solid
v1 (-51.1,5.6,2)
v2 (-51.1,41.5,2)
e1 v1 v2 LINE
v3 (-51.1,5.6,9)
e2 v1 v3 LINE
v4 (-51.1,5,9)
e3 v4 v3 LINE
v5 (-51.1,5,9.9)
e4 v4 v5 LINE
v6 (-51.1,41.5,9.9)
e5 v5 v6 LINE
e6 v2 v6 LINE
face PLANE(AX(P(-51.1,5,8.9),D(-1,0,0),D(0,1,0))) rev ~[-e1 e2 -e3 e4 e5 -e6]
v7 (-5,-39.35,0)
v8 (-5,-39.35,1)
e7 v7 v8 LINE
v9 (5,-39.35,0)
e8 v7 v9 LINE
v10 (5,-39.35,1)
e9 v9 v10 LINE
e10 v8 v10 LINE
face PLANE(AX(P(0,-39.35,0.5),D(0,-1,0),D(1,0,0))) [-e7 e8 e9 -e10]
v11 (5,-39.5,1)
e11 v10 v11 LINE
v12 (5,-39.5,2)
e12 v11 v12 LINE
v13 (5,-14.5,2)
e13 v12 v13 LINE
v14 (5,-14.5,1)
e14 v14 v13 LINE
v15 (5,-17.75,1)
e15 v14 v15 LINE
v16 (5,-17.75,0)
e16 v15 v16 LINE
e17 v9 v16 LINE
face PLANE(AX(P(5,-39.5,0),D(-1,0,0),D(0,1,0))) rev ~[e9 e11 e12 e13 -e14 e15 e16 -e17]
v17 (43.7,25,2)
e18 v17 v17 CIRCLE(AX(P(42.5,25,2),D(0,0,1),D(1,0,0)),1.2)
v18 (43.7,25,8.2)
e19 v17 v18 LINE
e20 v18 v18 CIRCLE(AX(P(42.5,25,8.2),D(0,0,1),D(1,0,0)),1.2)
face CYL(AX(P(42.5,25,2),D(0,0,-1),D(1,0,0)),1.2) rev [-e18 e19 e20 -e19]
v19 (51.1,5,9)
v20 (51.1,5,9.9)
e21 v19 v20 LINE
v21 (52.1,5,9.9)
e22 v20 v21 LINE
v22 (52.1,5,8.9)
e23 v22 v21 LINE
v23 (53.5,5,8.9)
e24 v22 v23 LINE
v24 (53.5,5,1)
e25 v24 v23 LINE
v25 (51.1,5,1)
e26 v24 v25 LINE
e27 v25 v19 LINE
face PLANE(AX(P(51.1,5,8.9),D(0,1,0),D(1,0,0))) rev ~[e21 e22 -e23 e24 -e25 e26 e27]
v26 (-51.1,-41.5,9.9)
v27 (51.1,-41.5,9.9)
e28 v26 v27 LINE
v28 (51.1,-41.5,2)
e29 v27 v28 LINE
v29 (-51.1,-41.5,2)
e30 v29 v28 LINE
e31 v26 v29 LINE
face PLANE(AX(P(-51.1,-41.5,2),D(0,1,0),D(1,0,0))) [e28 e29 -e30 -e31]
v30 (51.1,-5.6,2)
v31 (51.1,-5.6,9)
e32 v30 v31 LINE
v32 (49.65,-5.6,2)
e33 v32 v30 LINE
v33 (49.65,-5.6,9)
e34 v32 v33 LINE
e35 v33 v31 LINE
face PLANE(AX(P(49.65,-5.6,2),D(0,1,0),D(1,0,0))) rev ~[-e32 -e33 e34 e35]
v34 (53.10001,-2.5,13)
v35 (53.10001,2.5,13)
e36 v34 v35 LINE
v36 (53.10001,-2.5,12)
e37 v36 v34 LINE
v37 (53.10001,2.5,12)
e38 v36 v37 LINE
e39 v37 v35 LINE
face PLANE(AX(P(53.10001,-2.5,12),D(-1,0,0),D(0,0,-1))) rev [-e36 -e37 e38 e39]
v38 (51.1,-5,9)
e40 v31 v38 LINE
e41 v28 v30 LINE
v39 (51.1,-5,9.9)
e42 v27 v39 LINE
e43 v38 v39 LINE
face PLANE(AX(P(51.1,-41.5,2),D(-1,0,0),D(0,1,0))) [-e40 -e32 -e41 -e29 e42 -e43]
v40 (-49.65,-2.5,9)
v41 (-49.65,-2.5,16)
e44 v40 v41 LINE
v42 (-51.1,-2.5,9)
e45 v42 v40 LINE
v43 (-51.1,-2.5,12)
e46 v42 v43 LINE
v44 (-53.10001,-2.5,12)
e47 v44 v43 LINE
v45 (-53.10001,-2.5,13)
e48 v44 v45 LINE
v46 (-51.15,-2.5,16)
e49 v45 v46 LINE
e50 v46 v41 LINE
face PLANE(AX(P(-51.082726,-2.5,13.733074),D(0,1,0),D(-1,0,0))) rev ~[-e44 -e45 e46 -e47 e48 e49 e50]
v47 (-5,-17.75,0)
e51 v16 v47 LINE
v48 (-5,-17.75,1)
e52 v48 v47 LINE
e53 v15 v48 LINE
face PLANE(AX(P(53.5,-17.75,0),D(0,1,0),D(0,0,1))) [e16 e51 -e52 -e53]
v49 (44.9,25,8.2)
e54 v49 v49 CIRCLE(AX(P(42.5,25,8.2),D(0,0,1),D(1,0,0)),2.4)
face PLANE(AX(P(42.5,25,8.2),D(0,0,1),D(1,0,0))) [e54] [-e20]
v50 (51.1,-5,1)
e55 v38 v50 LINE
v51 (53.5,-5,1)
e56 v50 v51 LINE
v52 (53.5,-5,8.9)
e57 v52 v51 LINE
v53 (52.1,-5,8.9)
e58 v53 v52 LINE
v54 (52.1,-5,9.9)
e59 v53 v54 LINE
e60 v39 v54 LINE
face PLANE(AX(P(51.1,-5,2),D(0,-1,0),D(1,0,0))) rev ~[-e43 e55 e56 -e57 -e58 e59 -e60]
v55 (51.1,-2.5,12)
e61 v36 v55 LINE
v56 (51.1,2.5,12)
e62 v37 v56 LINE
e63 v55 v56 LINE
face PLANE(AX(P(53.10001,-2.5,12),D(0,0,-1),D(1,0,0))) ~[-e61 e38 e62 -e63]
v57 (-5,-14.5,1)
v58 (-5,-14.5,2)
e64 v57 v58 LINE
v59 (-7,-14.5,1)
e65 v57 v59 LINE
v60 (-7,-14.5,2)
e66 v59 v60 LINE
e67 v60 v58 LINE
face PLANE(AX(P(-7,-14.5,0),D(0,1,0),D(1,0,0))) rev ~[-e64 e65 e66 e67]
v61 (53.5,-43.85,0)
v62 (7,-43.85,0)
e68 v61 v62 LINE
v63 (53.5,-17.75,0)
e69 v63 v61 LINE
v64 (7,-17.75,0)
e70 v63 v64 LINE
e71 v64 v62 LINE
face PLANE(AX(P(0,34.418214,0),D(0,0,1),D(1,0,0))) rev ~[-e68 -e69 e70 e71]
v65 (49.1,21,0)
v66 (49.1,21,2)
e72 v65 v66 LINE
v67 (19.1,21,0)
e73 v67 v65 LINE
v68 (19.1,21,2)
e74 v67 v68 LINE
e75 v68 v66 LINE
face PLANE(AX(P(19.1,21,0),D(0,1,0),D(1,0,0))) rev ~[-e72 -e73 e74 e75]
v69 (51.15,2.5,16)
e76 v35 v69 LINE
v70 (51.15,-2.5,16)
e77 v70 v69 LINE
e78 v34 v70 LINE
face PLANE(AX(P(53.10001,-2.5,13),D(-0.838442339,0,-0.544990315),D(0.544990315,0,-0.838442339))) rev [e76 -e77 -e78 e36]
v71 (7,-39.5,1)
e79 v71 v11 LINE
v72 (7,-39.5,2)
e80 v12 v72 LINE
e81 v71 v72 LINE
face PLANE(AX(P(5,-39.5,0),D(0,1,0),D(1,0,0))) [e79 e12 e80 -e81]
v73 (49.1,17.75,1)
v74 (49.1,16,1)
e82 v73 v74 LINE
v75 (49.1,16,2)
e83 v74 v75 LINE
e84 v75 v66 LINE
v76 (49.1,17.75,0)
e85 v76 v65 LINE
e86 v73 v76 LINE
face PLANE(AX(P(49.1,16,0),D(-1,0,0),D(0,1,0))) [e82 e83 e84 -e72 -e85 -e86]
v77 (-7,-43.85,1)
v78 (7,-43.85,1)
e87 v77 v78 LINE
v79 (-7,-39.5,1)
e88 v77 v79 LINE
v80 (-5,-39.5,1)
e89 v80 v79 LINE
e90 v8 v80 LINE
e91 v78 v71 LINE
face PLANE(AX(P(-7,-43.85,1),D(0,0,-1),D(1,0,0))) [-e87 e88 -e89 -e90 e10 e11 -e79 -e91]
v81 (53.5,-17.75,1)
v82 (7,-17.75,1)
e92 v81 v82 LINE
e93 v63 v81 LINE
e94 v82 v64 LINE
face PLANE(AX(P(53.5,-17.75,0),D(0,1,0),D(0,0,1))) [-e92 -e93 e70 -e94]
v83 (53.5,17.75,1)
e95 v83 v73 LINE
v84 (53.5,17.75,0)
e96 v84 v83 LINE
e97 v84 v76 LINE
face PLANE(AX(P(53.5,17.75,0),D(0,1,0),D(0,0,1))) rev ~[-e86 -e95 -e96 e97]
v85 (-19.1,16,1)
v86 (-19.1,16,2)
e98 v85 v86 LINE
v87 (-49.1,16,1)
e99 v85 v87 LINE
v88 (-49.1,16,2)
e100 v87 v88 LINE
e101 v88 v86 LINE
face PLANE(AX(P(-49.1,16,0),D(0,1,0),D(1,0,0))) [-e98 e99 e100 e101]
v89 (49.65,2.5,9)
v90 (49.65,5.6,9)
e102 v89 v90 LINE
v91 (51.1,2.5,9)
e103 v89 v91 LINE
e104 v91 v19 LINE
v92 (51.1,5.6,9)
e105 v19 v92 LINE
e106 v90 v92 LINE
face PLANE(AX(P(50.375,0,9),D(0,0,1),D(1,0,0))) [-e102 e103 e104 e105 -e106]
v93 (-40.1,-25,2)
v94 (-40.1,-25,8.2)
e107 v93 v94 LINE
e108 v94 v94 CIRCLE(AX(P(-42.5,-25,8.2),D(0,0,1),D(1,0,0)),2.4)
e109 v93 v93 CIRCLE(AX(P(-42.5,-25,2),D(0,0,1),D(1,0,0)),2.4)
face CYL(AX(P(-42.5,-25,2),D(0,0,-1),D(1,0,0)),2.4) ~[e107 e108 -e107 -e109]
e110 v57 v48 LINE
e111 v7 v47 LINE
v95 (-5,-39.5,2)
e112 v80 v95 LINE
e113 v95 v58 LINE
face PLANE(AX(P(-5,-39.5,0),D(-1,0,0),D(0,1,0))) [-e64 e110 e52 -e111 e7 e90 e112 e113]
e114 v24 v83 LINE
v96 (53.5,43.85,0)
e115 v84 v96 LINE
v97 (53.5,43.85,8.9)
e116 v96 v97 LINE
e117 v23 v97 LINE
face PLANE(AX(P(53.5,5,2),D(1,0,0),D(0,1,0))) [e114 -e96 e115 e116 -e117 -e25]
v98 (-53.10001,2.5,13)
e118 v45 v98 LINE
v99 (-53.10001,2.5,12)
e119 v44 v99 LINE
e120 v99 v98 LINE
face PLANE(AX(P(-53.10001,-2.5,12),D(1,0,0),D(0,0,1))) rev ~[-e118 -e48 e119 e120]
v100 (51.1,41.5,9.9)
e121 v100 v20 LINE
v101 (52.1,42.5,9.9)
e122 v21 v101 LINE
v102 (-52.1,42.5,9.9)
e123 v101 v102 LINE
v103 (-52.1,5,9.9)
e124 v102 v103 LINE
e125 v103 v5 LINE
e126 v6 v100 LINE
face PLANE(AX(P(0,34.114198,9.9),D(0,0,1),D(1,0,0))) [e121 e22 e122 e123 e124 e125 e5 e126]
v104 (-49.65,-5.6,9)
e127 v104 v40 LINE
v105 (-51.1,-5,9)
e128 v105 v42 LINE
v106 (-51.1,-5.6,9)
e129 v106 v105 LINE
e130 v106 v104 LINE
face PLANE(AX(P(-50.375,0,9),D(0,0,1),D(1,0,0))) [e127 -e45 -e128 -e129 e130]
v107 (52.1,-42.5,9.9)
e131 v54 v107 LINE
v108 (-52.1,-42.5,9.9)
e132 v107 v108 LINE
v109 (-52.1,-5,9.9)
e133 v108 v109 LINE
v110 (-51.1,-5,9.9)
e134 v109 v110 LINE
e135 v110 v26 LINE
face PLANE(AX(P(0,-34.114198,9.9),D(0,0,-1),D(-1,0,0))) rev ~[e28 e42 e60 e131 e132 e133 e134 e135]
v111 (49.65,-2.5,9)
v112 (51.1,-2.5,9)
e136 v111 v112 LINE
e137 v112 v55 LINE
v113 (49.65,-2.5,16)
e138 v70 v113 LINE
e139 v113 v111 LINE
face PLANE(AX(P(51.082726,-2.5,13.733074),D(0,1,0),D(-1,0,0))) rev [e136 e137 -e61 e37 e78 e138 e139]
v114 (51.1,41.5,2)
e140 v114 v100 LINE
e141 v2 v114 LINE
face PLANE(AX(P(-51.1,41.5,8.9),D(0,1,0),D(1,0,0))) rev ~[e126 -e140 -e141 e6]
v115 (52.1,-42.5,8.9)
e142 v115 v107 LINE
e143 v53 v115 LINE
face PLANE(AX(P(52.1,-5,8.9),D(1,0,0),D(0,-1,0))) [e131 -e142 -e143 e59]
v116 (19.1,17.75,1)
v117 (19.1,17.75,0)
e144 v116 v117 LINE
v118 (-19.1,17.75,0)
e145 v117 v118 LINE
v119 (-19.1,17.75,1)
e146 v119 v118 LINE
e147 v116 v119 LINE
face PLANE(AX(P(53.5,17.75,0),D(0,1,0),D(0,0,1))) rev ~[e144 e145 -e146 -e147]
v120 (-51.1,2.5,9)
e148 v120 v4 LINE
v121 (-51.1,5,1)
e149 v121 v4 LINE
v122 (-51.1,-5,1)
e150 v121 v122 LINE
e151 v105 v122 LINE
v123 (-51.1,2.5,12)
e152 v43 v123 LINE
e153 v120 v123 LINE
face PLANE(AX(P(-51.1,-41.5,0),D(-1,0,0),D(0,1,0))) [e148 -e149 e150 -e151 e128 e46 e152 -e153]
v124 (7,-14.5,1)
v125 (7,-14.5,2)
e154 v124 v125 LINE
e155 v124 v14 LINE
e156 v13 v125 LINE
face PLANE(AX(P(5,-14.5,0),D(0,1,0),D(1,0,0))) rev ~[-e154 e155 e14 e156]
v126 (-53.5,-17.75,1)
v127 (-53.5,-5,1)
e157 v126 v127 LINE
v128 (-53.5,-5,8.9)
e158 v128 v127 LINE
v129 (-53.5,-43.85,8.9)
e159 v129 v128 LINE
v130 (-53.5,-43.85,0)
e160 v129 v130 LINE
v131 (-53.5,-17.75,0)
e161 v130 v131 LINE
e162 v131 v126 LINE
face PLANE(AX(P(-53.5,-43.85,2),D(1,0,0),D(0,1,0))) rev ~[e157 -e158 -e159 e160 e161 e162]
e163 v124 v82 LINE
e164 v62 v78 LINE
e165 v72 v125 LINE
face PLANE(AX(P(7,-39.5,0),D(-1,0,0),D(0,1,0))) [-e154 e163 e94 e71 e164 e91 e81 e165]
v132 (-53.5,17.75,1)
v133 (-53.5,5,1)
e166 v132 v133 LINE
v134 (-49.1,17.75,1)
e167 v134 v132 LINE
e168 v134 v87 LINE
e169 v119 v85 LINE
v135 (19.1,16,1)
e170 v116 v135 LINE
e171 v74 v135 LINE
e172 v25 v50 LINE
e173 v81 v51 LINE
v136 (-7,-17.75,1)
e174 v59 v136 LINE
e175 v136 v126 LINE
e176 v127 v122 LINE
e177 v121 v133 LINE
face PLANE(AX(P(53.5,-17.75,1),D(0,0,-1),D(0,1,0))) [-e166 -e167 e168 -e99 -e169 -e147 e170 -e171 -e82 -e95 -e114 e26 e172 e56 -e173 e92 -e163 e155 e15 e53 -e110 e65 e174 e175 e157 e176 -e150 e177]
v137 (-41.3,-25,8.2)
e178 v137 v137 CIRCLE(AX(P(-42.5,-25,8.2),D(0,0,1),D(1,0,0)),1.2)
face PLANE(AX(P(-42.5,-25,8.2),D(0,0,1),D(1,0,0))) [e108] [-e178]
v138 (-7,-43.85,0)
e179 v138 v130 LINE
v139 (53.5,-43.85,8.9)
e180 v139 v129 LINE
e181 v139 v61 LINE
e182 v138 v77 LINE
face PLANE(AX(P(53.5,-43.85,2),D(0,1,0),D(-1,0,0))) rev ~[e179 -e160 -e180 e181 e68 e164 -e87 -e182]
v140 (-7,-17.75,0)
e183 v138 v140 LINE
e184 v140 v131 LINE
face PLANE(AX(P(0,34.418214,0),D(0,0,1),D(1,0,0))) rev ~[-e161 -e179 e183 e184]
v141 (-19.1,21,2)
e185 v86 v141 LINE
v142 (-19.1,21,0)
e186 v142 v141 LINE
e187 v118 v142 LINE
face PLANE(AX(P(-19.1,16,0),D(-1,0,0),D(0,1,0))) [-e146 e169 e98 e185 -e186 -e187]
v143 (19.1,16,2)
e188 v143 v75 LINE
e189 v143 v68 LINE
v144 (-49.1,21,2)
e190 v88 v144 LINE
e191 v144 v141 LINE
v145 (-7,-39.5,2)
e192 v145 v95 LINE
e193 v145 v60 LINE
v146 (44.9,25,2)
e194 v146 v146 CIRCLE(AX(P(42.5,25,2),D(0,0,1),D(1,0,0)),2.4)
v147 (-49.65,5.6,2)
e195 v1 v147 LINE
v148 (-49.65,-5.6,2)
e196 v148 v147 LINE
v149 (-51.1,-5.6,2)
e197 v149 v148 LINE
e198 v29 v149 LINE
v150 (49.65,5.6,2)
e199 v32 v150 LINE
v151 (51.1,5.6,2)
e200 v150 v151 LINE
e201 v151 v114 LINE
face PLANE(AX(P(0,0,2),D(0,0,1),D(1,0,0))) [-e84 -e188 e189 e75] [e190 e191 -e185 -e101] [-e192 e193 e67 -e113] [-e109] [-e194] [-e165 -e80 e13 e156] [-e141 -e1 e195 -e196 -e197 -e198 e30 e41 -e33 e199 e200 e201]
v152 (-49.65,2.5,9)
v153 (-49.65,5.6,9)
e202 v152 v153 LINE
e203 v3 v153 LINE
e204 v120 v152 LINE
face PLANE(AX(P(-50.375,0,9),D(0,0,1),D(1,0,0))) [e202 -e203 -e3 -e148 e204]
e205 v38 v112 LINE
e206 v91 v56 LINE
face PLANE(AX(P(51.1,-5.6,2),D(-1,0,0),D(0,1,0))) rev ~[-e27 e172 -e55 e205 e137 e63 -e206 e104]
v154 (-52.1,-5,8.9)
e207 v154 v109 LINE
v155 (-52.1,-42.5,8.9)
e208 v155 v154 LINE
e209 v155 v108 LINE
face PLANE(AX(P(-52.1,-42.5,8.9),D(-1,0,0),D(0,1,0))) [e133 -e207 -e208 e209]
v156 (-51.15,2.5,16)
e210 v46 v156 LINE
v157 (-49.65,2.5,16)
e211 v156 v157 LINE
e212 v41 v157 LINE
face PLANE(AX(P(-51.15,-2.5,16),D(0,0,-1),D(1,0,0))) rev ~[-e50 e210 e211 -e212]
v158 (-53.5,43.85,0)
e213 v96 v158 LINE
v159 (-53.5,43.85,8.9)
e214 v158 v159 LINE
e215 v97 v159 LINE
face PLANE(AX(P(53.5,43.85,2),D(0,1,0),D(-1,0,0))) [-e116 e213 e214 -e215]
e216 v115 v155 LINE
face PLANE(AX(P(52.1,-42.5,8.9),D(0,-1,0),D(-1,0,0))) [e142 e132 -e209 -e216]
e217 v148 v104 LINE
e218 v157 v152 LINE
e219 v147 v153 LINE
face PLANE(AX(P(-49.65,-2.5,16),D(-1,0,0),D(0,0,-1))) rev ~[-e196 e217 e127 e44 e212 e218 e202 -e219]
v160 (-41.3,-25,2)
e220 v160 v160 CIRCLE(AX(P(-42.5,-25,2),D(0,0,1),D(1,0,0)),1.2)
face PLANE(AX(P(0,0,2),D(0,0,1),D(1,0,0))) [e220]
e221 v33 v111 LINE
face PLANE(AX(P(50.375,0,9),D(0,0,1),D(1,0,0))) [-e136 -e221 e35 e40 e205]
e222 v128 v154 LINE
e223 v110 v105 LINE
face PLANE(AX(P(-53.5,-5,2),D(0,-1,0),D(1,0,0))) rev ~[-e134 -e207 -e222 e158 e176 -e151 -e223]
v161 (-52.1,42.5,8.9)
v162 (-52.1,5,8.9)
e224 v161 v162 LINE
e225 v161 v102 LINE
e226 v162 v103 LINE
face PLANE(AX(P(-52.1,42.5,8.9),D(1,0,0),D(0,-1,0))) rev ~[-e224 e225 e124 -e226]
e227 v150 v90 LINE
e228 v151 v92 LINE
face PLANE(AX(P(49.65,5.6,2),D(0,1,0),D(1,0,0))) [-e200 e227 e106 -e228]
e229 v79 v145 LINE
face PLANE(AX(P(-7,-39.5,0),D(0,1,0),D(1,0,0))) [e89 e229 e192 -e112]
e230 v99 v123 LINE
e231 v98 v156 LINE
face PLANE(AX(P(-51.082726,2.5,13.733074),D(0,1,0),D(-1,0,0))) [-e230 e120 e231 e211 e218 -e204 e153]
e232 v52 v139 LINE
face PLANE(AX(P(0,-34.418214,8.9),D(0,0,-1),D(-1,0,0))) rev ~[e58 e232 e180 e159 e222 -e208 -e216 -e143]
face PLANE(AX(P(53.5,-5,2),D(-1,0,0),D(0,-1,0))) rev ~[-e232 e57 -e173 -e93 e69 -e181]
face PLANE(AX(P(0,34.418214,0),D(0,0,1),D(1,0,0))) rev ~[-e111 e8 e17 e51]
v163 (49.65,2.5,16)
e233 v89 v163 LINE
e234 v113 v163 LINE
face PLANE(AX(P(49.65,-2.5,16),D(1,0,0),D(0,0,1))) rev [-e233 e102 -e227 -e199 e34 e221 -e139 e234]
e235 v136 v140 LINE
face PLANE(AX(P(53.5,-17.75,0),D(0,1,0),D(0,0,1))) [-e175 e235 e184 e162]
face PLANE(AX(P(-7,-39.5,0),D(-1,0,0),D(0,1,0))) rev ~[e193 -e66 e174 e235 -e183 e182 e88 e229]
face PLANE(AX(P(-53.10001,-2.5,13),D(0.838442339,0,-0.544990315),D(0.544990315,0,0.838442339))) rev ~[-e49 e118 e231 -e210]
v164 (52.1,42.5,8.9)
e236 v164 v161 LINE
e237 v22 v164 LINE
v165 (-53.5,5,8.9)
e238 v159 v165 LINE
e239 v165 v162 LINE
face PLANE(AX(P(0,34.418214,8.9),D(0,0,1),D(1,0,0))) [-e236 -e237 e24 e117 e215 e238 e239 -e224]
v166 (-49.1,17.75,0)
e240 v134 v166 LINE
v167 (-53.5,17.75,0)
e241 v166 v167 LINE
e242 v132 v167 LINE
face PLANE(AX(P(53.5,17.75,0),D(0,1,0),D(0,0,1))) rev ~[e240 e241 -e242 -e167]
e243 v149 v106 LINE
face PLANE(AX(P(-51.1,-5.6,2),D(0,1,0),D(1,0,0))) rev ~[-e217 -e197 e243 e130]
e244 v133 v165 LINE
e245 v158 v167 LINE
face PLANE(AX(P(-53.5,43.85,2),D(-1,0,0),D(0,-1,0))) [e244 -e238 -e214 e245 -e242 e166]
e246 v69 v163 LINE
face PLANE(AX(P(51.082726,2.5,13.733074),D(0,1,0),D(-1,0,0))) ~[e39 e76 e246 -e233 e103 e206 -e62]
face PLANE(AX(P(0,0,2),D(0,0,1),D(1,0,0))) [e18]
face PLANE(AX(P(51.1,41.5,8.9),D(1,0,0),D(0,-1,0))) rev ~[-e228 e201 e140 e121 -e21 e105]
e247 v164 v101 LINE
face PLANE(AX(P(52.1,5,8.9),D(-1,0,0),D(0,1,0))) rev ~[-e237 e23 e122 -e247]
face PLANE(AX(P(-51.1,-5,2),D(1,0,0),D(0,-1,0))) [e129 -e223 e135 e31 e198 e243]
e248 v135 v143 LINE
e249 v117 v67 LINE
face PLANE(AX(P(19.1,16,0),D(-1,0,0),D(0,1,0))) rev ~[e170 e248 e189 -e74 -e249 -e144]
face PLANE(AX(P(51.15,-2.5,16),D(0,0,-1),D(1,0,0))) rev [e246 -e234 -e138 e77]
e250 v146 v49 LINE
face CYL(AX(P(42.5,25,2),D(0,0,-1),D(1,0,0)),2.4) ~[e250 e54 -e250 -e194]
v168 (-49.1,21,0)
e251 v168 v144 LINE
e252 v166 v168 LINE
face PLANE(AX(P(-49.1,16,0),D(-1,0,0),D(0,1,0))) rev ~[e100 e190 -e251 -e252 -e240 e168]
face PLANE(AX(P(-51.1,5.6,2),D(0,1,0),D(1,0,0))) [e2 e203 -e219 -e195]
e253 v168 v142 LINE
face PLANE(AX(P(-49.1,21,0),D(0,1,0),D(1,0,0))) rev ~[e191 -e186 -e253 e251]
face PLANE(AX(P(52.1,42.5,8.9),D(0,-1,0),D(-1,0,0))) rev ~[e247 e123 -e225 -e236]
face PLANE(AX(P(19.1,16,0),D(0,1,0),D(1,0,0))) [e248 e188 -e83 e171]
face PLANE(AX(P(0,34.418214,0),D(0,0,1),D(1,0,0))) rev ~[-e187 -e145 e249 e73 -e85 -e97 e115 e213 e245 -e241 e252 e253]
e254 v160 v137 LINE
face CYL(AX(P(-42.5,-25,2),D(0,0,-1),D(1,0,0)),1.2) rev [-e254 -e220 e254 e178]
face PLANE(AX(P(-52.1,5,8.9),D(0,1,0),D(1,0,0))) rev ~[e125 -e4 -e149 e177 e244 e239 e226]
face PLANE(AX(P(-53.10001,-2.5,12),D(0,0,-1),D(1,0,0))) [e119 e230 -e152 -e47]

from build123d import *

# Parameters (mm, degrees)
SKETCH_W          = 102.2
SKETCH_H          = 83
SKETCH_W_2        = 30
SKETCH_H_2        = 5
SKETCH_W_3        = 2
SKETCH_H_3        = 25
PAD_DEPTH         = 2
SKETCH001_R       = 2.4
SKETCH001_R_2     = 1.2
PAD001_DEPTH      = 6.2
PAD002_DEPTH      = 6.9
PAD002_DEPTH_BACK = 2
PAD003_DEPTH      = 1
SKETCH004_W       = 1.45
SKETCH004_H       = 11.2
PAD004_DEPTH      = 7
SKETCH005_W       = 1.45
SKETCH005_H       = 5
PAD005_DEPTH      = 3
PAD006_DEPTH      = 5
SKETCH008_W       = 35.5
SKETCH008_H       = 1
POCKET_DEPTH      = 107.001
SKETCH009_W       = 14
SKETCH009_H       = 1
POCKET001_DEPTH   = 4.5


with BuildPart() as part:
    # Sketch → Pad (new body)
    with BuildSketch(Plane.XY):
        Rectangle(SKETCH_W, SKETCH_H)
        with Locations((34.1, 18.5)):
            Rectangle(SKETCH_W_2, SKETCH_H_2, mode=Mode.SUBTRACT)
        with Locations((6, -27)):
            Rectangle(SKETCH_W_3, SKETCH_H_3, mode=Mode.SUBTRACT)
        with Locations((-34.1, 18.5)):
            Rectangle(SKETCH_W_2, SKETCH_H_2, mode=Mode.SUBTRACT)
        with Locations((-6, -27)):
            Rectangle(SKETCH_W_3, SKETCH_H_3, mode=Mode.SUBTRACT)
    extrude(amount=PAD_DEPTH)

    # Sketch001 (on Face22 of Pad) → Pad001 (join)
    with BuildSketch(Plane.XY.offset(2)):
        with Locations((-42.5, -25)):
            Circle(SKETCH001_R)
        with Locations((-42.5, -25)):
            Circle(SKETCH001_R_2, mode=Mode.SUBTRACT)
        with Locations((42.5, 25)):
            Circle(SKETCH001_R)
        with Locations((42.5, 25)):
            Circle(SKETCH001_R_2, mode=Mode.SUBTRACT)
    extrude(amount=PAD001_DEPTH)

    # Sketch002 (on Face5 of Pad001) → Pad002 (join, two sides)
    with BuildSketch(Plane.XY.offset(2)) as pad002_sk:
        Polygon((51.1, 5), (53.5, 5), (53.5, 43.85), (-53.5, 43.85), (-53.5, 5), (-51.1, 5), (-51.1, 41.5), (51.1, 41.5), align=None)
        Polygon((51.1, -5), (53.5, -5), (53.5, -43.85), (-53.5, -43.85), (-53.5, -5), (-51.1, -5), (-51.1, -41.5), (51.1, -41.5), align=None)
    extrude(amount=PAD002_DEPTH)
    extrude(pad002_sk.sketch, amount=-PAD002_DEPTH_BACK)

    # Sketch003 (on Face33 of Pad002) → Pad003 (join)
    with BuildSketch(Plane.XY.offset(8.9)):
        Polygon((-52.1, 5), (-51.1, 5), (-51.1, 41.5), (51.1, 41.5), (51.1, 5), (52.1, 5), (52.1, 42.5), (-52.1, 42.5), align=None)
        Polygon((-52.1, -5), (-51.1, -5), (-51.1, -41.5), (51.1, -41.5), (51.1, -5), (52.1, -5), (52.1, -42.5), (-52.1, -42.5), align=None)
    extrude(amount=PAD003_DEPTH)

    # Sketch004 (on Face3 of Pad003) → Pad004 (join)
    with BuildSketch(Plane.XY.offset(2)):
        with Locations((50.375, 0)):
            Rectangle(SKETCH004_W, SKETCH004_H)
        with Locations((-50.375, 0)):
            Rectangle(SKETCH004_W, SKETCH004_H)
    extrude(amount=PAD004_DEPTH)

    # Sketch005 (on Face49 of Pad004) → Pad005 (join)
    with BuildSketch(Plane.XY.offset(9)):
        with Locations((50.375, 0)):
            Rectangle(SKETCH005_W, SKETCH005_H)
        with Locations((-50.375, 0)):
            Rectangle(SKETCH005_W, SKETCH005_H)
    extrude(amount=PAD005_DEPTH)

    # Sketch006 (on Face45 of Pad005) → Pad006 (join)
    with BuildSketch(Plane.XZ.offset(2.5)):
        Polygon((-51.10001, 12), (-53.10001, 12), (-53.10001, 13), (-51.15, 16), (-49.65, 16), (-49.65, 12), align=None)
    pad006 = extrude(amount=-PAD006_DEPTH)

    # Mirrored: Pad006 across YZ
    add(pad006.mirror(Plane.YZ))

    # Sketch008 (on Face47 of Mirrored) → Pocket (cut, through all)
    with BuildSketch(Plane.YZ.offset(53.5)):
        with Locations((0, 0.5)):
            Rectangle(SKETCH008_W, SKETCH008_H)
    extrude(amount=-POCKET_DEPTH, mode=Mode.SUBTRACT)

    # Sketch009 (on Face74 of Pocket) → Pocket001 (cut)
    with BuildSketch(Plane.XZ.offset(43.85)):
        with Locations((0, 0.5)):
            Rectangle(SKETCH009_W, SKETCH009_H)
    extrude(amount=-POCKET001_DEPTH, mode=Mode.SUBTRACT)


solid = part.part
